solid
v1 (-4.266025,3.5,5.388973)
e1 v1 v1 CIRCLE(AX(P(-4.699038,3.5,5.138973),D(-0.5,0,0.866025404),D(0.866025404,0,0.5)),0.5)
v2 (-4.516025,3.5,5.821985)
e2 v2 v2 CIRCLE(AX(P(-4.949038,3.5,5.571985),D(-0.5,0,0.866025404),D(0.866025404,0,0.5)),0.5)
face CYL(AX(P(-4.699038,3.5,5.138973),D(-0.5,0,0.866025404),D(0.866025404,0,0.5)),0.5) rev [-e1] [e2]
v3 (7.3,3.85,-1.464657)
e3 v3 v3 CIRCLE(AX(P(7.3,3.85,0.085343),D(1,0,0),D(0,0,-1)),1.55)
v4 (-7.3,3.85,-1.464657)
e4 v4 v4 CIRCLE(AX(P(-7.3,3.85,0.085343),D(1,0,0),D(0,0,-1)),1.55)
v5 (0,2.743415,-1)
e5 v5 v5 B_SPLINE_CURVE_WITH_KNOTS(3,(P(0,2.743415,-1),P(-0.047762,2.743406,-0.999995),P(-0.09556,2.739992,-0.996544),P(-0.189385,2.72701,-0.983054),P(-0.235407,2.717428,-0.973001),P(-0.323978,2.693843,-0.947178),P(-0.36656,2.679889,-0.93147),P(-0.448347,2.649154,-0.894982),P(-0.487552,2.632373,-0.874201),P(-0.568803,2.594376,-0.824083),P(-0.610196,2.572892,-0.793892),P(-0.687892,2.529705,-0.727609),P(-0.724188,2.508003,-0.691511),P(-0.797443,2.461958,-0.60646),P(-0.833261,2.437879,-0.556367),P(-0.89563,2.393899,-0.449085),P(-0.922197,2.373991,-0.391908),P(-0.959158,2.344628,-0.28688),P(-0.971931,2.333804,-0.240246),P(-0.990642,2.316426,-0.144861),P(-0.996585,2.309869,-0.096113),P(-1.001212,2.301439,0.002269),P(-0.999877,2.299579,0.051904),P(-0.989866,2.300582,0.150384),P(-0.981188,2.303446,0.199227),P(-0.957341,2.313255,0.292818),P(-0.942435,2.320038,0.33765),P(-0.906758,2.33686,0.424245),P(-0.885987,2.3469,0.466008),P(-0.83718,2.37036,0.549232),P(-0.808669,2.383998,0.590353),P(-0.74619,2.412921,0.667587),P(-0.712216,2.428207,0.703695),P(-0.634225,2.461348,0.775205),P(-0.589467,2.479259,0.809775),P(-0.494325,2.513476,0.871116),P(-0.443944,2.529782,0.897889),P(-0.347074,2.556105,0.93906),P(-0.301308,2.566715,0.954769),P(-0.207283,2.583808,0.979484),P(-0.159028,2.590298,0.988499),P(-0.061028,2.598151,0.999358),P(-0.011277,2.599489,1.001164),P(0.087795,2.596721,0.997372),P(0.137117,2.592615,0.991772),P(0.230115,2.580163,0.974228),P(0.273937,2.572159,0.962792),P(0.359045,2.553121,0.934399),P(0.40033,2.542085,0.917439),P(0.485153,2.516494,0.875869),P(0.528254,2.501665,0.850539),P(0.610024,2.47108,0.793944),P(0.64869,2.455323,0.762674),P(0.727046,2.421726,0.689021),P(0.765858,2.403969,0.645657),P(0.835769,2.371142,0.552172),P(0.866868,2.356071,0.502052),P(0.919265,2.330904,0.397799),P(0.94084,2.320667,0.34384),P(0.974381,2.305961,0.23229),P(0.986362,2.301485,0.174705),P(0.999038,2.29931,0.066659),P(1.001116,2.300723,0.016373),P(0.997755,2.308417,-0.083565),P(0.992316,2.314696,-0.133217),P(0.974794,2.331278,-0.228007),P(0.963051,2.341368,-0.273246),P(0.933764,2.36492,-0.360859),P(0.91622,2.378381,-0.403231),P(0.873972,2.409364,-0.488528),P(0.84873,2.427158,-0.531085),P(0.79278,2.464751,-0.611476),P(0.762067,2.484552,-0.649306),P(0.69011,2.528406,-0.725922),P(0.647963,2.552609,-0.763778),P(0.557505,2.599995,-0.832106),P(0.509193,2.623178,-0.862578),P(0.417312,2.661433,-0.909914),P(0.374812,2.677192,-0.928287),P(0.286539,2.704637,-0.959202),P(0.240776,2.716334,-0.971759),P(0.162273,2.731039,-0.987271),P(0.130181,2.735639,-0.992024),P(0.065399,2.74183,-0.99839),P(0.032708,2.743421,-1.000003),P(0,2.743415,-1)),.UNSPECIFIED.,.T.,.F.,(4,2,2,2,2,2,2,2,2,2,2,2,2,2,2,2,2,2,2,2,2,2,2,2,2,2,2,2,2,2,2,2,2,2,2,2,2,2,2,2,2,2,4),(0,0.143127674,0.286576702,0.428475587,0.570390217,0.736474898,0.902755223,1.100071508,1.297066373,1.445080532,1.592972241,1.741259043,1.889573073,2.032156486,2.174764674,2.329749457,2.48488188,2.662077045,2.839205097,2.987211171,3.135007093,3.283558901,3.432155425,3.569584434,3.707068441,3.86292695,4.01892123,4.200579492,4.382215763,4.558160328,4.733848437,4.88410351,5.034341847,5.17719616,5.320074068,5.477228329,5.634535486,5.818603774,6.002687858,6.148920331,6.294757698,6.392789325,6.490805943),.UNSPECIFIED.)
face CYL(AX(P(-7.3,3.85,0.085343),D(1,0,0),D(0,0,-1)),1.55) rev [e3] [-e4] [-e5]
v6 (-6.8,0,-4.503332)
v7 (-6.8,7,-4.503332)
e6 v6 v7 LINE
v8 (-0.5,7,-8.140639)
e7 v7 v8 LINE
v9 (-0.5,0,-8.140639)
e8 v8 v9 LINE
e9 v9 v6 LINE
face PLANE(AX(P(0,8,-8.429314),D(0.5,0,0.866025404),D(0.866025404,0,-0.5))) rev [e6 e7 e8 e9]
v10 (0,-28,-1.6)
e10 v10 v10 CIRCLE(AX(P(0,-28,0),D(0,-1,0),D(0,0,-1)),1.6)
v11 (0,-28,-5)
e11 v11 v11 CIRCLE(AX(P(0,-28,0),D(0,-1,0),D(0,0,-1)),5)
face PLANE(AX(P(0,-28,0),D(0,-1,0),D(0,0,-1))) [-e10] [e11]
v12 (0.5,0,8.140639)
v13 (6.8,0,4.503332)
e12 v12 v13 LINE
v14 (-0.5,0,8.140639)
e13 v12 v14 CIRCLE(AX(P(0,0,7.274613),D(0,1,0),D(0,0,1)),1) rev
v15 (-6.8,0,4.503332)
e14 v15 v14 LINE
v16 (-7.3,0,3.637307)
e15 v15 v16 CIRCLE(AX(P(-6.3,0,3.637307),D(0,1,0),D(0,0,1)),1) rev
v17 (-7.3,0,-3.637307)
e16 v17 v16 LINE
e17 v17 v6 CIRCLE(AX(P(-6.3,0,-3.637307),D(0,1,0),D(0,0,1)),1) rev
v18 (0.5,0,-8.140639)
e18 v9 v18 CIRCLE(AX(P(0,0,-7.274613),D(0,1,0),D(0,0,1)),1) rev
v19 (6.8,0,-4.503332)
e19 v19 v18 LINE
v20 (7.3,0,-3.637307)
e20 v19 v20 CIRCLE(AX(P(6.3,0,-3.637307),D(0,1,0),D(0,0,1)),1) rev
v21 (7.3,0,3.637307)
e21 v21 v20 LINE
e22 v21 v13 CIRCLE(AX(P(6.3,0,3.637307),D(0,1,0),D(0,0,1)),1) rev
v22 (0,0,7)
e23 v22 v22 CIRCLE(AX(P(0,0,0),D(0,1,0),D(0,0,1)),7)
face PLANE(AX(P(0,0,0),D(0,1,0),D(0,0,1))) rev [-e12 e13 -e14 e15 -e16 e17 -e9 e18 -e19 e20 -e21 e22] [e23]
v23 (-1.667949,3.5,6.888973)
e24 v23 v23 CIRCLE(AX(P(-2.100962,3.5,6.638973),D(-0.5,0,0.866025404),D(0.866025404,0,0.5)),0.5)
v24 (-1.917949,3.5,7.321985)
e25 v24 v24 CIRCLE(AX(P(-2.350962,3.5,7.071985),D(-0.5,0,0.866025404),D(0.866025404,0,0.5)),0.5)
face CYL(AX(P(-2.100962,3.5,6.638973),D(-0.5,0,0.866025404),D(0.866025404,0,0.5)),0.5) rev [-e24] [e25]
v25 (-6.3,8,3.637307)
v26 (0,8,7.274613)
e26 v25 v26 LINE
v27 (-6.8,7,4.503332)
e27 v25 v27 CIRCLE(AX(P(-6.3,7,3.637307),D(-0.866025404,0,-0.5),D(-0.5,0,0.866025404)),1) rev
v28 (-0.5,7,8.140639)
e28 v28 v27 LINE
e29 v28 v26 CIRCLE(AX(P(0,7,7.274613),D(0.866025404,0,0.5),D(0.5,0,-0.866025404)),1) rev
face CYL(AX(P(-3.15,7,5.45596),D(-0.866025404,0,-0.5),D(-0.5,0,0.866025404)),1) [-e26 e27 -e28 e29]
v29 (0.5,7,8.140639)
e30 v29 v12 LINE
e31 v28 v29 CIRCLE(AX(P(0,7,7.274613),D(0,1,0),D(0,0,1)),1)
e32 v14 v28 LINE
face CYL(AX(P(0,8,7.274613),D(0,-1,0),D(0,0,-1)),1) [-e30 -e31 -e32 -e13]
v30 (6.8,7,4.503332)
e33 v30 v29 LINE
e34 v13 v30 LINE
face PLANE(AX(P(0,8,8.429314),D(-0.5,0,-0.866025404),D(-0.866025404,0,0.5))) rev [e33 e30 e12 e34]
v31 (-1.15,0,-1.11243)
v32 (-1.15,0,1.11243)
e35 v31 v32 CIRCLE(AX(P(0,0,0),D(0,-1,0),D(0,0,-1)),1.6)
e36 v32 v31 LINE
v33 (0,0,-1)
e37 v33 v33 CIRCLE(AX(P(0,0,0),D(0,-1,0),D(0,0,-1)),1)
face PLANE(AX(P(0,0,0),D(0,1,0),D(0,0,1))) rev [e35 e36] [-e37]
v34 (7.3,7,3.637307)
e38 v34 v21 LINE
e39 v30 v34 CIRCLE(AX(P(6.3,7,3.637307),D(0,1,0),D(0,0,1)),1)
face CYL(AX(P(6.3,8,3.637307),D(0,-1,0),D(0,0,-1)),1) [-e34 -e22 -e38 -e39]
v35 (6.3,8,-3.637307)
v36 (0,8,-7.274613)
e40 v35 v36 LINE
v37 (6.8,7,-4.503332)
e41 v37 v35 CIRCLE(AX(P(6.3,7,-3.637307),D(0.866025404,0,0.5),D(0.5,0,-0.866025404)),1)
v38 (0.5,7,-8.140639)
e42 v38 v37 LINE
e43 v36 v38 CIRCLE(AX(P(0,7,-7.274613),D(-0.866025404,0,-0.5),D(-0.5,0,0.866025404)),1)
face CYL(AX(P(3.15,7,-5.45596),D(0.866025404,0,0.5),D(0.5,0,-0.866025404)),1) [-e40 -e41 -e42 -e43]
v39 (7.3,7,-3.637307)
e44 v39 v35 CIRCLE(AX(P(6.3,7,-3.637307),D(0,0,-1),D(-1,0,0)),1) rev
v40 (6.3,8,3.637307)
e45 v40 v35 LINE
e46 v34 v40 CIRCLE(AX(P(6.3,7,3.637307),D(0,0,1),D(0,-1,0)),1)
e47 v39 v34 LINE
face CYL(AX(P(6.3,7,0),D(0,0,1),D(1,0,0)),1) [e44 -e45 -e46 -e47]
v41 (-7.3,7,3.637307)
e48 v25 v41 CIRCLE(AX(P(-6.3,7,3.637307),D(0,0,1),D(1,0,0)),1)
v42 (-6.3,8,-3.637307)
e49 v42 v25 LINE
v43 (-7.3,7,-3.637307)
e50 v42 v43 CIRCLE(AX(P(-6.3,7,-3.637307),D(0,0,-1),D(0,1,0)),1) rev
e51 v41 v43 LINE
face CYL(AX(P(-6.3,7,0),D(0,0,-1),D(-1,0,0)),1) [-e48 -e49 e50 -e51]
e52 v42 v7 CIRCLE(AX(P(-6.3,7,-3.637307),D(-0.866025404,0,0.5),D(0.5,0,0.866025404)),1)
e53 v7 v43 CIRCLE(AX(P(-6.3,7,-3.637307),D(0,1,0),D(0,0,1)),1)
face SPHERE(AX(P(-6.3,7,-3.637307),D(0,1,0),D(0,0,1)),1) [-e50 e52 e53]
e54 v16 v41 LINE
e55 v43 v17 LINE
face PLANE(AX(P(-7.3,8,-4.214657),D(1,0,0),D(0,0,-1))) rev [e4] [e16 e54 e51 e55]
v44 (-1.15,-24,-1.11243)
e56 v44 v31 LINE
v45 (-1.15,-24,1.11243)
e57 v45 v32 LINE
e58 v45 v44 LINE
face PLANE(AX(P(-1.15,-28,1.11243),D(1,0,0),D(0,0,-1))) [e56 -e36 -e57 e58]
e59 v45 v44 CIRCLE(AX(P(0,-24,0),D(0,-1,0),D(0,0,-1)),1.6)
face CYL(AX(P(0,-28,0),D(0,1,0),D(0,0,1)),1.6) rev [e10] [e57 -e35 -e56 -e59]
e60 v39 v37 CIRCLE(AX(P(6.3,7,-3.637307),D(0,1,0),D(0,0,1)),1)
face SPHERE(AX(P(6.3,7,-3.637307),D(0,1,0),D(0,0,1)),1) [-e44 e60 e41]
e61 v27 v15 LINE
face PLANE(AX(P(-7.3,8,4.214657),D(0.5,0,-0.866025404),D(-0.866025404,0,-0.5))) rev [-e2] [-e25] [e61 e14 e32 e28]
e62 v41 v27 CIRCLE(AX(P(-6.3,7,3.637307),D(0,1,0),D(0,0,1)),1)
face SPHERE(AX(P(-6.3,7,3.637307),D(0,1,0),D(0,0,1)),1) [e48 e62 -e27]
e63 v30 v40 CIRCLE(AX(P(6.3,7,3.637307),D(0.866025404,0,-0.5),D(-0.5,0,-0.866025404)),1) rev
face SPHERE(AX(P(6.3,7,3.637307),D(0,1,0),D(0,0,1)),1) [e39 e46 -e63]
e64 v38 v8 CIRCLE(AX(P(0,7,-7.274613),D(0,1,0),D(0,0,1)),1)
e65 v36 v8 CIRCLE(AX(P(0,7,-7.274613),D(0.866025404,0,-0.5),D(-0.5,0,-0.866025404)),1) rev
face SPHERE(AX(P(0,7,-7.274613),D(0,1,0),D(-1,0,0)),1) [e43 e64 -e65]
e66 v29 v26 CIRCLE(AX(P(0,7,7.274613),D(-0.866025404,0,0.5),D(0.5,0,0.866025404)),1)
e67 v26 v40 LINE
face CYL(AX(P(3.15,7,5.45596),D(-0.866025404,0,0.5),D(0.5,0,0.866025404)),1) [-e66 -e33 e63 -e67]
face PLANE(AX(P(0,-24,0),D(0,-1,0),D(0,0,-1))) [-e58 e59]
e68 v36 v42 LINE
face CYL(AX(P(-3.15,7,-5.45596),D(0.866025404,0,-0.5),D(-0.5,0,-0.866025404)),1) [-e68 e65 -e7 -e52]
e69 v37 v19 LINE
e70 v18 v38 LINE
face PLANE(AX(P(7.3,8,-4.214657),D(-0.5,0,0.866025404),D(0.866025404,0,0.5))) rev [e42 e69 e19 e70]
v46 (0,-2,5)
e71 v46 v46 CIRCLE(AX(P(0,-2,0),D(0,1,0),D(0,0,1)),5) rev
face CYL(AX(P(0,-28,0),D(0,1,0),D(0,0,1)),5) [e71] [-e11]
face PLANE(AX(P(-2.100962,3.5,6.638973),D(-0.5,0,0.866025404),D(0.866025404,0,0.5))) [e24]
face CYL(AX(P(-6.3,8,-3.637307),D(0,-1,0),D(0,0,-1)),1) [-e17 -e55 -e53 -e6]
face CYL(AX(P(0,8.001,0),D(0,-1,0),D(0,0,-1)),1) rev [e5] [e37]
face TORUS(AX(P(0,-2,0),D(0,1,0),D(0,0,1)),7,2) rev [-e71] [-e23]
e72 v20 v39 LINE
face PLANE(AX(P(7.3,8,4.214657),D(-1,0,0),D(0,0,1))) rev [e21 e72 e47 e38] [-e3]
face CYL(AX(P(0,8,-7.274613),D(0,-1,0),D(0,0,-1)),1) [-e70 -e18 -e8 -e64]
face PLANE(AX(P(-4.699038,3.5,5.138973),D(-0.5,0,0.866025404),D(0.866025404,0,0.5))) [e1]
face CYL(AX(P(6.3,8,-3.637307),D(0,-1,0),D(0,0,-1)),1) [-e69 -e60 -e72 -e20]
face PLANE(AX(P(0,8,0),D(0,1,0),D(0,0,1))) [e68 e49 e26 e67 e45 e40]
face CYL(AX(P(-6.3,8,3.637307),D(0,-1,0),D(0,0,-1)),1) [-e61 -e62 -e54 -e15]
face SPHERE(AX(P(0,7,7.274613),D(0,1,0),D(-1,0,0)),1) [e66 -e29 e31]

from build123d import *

# Parameters (mm, degrees)
BOSS_EXTRUDE1_DEPTH     = 8
SKETCH2_R               = 5
BOSS_EXTRUDE2_DEPTH     = 28
FILLET1_R               = 2
SKETCH3_R               = 1.55
CUT_EXTRUDE1_DEPTH      = 33.683533061
FILLET2_R               = 1
CUT_EXTRUDE3_START      = -4
SKETCH5_R               = 1.6
CUT_EXTRUDE3_DEPTH      = 4
SKETCH6_R               = 0.5
CUT_EXTRUDE4_DEPTH      = 0.5
CUT_EXTRUDE5_REACH      = 32.096
CUT_EXTRUDE5_END_RADIUS = 1.55
SKETCH7_R               = 1


with BuildPart() as part:
    # Sketch1 → Boss-Extrude1 (new body)
    with BuildSketch(Plane(origin=(0, 0, 0), x_dir=(1, 0, 0), z_dir=(0, 1, 0))):
        Polygon((7.3, -4.214656965), (7.3, 4.214656965), (0, 8.42931393), (-7.3, 4.214656965), (-7.3, -4.214656965), (0, -8.42931393), align=None)
    extrude(amount=BOSS_EXTRUDE1_DEPTH)

    # Sketch2 → Boss-Extrude2 (add)
    with BuildSketch(Plane.XZ):
        Circle(SKETCH2_R)
        with BuildLine():
            Line((-1.15, 1.112429773), (-1.15, -1.112429773))
            ThreePointArc((-1.15, -1.112429773), (1.6, 0), (-1.15, 1.112429773))
        make_face(mode=Mode.SUBTRACT)
    extrude(amount=BOSS_EXTRUDE2_DEPTH)

    # Fillet1
    fillet1_edges = [part.edges().sort_by_distance(p)[0] for p in [
        (-5, 0, 0),
    ]]
    fillet(fillet1_edges, radius=FILLET1_R)

    # Sketch3 → Cut-Extrude1 (cut, through all)
    with BuildSketch(Plane(origin=(7.3, 0, 0), x_dir=(0, 0, -1), z_dir=(1, 0, 0))):
        with Locations((-0.085343035, 3.85)):
            Circle(SKETCH3_R)
    extrude(amount=-CUT_EXTRUDE1_DEPTH, mode=Mode.SUBTRACT)

    # Fillet2
    fillet2_edges = [part.edges().sort_by_distance(p)[0] for p in [
        (-3.65, 8, 6.321985448),
        (-7.3, 8, 0),
        (-3.65, 8, -6.321985448),
        (3.65, 8, -6.321985448),
        (7.3, 8, 0),
        (3.65, 8, 6.321985448),
        (-7.3, 4, -4.214656965),
        (0, 4, -8.42931393),
        (7.3, 4, -4.214656965),
        (7.3, 4, 4.214656965),
        (0, 4, 8.42931393),
        (-7.3, 4, 4.214656965),
    ]]
    fillet(fillet2_edges, radius=FILLET2_R)

    # Sketch5 → Cut-Extrude3 (cut)
    with BuildSketch(Plane.XZ.offset(28).offset(CUT_EXTRUDE3_START)):
        Circle(SKETCH5_R)
    extrude(amount=CUT_EXTRUDE3_DEPTH, mode=Mode.SUBTRACT)

    # Sketch6 → Cut-Extrude4 (cut)
    with BuildSketch(Plane(origin=(-3.65, 0, 6.321985448), x_dir=(0.8660254037844386, 0, 0.5000000000000001), z_dir=(-0.5000000000000001, 0, 0.8660254037844386))):
        with Locations((-1.5, 3.5)):
            Circle(SKETCH6_R)
        with Locations((1.5, 3.5)):
            Circle(SKETCH6_R)
    extrude(amount=-CUT_EXTRUDE4_DEPTH, mode=Mode.SUBTRACT)

    # Cut-Extrude5: up to this cylinder (the profile starts outside it)
    cut_extrude5_end = Plane(origin=(0, 3.85, 0.085343035), z_dir=(1, 0, 0)) * Cylinder(CUT_EXTRUDE5_END_RADIUS, 68.292, mode=Mode.PRIVATE)
    # Sketch7 → Cut-Extrude5 (cut, up to the surface)
    with BuildSketch(Plane.XZ, mode=Mode.PRIVATE) as cut_extrude5_sk1:
        Circle(SKETCH7_R)
    cut_extrude5_tool1 = extrude(cut_extrude5_sk1.sketch, amount=-CUT_EXTRUDE5_REACH, mode=Mode.PRIVATE) - cut_extrude5_end
    add(cut_extrude5_tool1.solids().sort_by_distance((0, 0, 0))[0], mode=Mode.SUBTRACT)


solid = part.part
